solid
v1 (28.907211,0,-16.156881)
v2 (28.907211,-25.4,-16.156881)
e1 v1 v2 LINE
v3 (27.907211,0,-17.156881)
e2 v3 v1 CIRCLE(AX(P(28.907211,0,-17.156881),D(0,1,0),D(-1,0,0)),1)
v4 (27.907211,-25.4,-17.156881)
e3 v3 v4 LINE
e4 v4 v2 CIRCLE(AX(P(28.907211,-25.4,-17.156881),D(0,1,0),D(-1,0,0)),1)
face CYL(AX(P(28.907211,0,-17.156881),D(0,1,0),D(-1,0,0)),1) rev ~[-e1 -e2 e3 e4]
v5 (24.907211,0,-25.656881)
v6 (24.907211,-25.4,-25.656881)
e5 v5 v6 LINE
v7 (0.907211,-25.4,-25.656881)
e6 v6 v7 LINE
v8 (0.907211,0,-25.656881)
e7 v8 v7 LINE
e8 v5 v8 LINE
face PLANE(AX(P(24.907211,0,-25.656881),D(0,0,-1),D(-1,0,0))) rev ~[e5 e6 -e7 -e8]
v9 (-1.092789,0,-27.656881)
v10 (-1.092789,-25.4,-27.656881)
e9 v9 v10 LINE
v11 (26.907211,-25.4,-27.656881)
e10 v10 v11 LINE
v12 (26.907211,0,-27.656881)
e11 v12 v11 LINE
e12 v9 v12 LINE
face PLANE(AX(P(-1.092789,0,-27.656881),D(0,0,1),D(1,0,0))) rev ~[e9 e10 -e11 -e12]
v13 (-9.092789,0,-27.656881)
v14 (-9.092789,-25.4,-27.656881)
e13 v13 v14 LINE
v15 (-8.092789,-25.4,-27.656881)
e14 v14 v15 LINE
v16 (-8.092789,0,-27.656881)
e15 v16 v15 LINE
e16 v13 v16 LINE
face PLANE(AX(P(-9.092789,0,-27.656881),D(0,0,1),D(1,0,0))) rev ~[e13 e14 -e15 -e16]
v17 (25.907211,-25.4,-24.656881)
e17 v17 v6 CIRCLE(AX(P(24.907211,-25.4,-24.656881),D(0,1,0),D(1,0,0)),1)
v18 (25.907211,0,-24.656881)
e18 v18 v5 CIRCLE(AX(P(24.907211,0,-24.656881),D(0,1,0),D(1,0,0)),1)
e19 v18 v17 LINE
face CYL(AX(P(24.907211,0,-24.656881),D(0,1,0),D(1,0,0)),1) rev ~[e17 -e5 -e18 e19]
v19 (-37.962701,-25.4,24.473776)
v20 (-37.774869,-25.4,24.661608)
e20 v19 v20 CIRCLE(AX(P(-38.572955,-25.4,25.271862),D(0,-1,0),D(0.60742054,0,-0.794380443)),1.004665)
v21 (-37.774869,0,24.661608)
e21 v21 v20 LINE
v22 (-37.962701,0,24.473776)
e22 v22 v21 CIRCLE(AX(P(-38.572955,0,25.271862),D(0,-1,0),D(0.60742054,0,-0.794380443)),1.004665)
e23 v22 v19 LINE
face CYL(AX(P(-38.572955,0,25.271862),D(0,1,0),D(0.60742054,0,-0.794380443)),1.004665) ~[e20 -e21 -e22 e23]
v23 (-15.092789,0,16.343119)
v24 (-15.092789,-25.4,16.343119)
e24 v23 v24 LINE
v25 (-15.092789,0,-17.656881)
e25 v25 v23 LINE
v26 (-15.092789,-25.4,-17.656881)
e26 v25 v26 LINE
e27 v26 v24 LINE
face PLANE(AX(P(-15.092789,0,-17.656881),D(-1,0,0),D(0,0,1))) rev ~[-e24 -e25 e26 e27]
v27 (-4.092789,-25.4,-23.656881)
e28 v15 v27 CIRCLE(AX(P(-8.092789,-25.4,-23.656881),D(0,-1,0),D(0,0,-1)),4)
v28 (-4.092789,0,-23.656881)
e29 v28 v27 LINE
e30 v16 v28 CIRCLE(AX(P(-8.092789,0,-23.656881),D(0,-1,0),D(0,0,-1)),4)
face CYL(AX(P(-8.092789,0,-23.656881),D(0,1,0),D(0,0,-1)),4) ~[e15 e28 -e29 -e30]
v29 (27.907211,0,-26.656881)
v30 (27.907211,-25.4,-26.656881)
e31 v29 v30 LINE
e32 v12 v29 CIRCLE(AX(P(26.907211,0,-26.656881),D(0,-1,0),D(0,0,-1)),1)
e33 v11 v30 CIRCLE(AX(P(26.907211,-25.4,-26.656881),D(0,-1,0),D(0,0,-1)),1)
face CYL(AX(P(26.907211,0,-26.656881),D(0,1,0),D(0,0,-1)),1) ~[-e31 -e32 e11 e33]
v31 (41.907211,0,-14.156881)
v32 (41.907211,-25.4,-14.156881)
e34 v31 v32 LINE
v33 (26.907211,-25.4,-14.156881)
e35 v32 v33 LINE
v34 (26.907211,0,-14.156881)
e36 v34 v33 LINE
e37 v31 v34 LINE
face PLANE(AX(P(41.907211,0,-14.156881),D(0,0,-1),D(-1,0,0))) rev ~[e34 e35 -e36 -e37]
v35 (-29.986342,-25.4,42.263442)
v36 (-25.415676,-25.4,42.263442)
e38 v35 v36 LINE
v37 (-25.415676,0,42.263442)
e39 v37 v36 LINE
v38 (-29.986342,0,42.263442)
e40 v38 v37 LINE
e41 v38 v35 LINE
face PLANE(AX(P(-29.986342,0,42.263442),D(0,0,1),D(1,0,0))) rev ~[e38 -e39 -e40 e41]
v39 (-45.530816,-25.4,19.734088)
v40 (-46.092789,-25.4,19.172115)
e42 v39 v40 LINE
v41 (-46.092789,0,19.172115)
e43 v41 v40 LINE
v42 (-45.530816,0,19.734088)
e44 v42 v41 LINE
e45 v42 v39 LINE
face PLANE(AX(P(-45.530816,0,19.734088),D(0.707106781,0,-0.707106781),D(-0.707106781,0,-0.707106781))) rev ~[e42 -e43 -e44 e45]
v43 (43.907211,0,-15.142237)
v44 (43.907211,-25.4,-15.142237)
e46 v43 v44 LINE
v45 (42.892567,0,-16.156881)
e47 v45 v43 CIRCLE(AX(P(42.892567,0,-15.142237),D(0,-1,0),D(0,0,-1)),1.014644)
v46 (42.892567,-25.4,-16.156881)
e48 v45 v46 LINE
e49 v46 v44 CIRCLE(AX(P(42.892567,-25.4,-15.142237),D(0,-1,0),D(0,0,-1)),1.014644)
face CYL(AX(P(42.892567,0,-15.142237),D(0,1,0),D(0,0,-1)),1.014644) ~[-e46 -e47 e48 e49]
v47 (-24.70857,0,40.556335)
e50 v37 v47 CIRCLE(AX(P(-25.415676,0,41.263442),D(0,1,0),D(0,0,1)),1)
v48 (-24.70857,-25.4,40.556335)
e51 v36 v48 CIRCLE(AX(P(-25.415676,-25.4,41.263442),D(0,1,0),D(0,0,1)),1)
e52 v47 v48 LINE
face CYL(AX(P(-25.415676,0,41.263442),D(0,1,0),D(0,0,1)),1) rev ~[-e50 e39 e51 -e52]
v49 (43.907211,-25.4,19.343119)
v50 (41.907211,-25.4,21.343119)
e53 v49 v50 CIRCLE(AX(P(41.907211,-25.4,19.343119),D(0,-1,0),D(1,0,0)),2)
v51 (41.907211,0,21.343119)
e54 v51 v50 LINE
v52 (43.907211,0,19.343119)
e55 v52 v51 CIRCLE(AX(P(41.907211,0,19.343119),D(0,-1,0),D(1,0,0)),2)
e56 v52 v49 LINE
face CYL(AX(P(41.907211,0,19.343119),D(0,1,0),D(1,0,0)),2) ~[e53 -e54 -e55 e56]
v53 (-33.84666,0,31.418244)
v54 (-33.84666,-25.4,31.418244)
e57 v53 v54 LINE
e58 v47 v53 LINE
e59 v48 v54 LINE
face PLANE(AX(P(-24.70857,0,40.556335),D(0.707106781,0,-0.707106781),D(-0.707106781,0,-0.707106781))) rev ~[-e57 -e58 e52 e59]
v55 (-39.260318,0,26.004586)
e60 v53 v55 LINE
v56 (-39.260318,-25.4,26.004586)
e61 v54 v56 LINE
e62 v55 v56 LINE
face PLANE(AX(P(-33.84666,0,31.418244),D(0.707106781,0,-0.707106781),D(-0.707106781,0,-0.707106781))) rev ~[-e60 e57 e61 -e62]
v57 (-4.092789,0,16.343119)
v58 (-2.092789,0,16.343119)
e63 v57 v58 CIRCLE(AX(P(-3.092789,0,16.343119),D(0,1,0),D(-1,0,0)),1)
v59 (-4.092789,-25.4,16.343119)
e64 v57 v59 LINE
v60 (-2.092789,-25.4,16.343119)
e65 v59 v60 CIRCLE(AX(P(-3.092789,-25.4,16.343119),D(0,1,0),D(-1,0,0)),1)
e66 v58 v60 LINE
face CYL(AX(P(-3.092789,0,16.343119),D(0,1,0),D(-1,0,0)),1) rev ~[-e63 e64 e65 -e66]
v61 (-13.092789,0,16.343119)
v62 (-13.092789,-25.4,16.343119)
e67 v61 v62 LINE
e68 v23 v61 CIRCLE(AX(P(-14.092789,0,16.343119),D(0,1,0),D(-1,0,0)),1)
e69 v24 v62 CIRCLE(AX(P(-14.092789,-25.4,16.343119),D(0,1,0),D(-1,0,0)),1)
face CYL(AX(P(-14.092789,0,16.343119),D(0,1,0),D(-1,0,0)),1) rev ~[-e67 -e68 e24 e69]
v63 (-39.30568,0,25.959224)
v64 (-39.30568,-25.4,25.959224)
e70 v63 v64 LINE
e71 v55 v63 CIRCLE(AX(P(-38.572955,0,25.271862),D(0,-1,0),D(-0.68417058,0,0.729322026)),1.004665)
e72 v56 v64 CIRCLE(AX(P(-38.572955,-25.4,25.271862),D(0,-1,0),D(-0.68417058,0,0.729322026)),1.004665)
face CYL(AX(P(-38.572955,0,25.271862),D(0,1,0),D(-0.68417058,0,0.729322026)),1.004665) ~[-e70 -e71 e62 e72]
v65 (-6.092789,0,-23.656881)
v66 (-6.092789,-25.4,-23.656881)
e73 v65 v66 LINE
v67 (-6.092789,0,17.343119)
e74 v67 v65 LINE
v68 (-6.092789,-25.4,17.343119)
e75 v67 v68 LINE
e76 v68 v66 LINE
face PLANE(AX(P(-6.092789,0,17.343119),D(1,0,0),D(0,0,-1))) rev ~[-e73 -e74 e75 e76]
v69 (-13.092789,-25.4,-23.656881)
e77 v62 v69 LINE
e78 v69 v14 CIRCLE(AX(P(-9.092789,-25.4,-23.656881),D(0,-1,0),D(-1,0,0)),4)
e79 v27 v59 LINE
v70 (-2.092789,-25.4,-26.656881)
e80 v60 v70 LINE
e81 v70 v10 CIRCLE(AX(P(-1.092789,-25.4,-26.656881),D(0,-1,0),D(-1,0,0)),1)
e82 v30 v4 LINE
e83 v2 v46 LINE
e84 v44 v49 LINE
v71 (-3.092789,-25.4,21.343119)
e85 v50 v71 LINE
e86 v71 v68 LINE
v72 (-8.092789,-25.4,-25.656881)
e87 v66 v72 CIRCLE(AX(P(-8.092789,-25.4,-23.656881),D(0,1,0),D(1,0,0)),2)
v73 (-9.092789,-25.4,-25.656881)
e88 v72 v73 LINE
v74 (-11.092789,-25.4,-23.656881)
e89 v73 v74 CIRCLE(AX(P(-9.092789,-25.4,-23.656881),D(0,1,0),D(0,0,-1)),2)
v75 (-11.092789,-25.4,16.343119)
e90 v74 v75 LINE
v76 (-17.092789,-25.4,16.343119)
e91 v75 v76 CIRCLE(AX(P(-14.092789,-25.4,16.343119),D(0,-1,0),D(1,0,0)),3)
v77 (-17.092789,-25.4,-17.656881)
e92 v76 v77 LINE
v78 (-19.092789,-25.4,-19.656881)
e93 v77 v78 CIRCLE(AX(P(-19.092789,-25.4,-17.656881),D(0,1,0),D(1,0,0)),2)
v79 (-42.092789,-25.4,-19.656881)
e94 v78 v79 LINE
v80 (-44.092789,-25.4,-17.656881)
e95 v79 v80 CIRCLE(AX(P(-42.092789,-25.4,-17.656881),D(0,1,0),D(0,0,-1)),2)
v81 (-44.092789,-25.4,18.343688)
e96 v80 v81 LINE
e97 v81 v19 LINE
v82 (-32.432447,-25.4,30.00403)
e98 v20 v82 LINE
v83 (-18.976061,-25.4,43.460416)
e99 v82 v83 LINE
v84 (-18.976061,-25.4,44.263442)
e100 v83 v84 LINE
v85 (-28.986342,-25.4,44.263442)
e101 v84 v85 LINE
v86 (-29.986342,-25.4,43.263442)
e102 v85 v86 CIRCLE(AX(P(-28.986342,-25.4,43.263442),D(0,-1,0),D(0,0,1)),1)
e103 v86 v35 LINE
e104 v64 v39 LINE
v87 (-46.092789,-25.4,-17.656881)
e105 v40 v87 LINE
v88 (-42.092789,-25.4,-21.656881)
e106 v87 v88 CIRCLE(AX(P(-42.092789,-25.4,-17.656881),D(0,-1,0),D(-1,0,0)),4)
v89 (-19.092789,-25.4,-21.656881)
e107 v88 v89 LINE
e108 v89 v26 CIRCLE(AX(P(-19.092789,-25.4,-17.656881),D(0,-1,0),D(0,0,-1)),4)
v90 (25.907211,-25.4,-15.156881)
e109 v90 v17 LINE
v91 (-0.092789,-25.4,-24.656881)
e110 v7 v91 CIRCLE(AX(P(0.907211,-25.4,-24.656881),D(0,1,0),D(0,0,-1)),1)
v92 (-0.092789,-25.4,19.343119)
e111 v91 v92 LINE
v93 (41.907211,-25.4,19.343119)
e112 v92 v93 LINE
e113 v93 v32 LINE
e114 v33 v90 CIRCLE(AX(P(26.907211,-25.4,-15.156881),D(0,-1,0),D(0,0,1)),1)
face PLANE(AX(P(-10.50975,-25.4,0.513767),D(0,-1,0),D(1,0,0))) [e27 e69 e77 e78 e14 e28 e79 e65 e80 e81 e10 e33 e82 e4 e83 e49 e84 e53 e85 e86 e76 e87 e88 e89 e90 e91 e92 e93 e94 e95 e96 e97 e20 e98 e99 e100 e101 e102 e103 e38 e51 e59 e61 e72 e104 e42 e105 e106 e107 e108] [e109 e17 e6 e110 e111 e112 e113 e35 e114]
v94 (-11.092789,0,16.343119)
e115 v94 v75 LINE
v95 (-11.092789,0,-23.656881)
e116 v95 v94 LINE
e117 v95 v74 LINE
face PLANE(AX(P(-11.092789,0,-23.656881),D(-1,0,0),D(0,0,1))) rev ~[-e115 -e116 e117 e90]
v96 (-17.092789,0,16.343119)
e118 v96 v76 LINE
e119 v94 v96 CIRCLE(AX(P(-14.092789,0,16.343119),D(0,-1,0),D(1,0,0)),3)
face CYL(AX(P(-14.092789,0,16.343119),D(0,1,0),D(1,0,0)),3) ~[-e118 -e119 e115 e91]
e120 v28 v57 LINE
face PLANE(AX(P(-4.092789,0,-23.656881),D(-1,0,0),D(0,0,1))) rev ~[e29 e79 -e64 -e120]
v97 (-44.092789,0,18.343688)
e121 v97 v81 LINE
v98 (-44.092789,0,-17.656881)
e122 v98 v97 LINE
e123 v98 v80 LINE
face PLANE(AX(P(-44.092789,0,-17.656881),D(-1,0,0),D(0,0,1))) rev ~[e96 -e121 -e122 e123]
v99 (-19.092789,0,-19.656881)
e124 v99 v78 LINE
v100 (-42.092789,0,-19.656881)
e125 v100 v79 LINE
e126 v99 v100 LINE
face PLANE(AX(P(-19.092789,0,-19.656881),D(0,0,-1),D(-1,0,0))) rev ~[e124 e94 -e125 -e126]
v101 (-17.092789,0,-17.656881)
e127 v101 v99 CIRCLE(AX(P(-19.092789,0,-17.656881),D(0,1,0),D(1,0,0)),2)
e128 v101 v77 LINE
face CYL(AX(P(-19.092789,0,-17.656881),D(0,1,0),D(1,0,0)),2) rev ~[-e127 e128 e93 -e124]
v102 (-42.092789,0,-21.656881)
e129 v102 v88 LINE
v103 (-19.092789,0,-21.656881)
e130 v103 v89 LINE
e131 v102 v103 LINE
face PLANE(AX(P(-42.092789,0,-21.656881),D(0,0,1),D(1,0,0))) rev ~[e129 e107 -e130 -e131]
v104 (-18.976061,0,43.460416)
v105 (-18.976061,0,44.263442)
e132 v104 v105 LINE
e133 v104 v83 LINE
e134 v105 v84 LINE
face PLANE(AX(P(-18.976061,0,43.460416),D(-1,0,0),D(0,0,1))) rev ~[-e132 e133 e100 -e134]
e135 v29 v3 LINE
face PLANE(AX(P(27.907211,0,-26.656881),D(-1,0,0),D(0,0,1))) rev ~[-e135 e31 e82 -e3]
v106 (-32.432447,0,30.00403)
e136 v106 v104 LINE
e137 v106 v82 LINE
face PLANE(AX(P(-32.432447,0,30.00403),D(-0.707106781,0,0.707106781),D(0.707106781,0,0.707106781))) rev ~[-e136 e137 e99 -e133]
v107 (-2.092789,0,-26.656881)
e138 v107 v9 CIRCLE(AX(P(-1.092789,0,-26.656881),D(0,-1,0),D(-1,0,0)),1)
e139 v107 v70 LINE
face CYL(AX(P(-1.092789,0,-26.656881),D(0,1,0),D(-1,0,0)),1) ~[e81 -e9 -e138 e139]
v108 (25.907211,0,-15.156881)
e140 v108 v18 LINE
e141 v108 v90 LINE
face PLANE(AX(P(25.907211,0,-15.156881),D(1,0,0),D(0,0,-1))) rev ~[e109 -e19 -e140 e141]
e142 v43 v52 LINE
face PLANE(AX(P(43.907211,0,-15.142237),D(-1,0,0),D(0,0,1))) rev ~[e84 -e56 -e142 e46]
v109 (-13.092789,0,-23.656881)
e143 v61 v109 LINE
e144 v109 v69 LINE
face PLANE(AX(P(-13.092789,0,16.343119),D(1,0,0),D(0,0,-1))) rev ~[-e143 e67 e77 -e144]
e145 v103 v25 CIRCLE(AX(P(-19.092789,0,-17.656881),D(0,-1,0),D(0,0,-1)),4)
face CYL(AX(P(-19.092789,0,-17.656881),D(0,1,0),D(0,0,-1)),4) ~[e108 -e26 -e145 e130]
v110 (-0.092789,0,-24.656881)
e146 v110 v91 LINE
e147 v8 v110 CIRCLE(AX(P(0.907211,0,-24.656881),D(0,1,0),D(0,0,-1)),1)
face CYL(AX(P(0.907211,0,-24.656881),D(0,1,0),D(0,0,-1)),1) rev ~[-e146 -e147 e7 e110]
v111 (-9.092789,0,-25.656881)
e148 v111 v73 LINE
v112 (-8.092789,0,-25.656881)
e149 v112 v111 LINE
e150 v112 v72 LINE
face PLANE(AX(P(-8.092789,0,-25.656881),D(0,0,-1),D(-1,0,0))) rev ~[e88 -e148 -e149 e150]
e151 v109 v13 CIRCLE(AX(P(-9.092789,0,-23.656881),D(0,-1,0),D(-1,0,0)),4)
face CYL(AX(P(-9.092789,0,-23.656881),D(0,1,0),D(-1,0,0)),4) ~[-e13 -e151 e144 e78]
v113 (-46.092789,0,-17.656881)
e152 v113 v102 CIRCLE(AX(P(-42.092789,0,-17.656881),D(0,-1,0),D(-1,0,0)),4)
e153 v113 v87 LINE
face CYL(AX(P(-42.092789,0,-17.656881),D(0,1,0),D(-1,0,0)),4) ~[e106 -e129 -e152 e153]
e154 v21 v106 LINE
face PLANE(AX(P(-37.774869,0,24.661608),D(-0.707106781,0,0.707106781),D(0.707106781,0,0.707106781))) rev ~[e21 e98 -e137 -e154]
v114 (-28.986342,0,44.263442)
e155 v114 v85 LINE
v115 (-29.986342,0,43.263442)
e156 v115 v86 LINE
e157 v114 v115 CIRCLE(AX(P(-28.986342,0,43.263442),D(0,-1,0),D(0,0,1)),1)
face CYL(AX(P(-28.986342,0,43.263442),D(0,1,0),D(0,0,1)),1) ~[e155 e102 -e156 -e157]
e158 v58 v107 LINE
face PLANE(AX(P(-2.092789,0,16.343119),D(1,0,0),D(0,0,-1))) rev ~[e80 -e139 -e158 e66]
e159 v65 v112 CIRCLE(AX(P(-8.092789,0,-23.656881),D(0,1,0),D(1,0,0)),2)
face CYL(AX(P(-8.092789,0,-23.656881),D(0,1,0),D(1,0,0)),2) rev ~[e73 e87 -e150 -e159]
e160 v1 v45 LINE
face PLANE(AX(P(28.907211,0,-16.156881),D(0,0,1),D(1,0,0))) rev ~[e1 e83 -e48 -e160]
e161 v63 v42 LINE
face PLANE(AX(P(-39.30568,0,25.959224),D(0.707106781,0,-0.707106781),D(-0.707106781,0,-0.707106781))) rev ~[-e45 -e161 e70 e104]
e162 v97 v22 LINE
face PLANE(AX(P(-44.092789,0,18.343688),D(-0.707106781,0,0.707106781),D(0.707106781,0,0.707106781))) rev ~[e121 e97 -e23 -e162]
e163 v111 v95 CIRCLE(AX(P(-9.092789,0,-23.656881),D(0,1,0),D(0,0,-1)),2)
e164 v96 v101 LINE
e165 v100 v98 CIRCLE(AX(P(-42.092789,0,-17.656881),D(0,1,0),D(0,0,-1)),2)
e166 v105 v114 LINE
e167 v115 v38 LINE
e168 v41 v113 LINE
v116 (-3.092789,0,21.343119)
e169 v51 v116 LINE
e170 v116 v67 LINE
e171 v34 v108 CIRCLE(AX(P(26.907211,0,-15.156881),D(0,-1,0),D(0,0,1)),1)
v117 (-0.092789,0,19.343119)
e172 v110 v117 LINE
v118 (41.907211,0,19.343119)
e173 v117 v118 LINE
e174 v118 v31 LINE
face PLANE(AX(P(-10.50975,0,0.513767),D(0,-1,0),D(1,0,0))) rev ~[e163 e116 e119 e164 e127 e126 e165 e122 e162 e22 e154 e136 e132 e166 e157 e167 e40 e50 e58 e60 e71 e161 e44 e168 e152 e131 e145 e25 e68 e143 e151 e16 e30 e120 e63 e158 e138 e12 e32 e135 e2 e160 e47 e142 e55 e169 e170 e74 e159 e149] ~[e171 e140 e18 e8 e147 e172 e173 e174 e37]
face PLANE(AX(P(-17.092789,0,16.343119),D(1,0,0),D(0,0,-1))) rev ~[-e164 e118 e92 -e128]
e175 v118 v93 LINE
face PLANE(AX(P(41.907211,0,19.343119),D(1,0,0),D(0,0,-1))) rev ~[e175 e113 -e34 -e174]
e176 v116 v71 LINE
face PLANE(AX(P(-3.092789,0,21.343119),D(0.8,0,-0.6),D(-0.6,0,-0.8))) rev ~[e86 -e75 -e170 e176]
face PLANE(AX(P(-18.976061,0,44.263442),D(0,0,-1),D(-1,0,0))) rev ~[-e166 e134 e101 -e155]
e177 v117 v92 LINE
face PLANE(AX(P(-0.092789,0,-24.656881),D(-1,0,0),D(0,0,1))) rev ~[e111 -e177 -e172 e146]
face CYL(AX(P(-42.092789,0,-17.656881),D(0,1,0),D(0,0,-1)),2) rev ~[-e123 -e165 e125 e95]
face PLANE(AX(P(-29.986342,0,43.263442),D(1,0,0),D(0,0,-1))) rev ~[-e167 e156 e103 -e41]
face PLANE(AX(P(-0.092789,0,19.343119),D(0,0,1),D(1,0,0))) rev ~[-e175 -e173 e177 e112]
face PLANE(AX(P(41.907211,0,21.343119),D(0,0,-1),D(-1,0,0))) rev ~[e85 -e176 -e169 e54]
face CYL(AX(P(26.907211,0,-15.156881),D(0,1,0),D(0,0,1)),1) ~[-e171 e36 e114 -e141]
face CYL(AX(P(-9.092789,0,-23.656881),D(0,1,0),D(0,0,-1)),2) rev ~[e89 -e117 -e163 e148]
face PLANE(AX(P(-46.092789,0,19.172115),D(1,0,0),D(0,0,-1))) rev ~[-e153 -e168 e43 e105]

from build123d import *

# Parameters (mm, degrees)
F1_DEPTH = 25.4


with BuildPart() as f1:
    # F0 (on Front) → F1 (new body)
    with BuildSketch(Plane.XZ):
        with BuildLine():
            Line((-44.0927888853, -17.6568811615), (-44.0927888853, 16.3431188385))
            Line((-44.0927888853, 16.3431188385), (-44.0927888853, 18.3436882551))
            Line((-44.0927888853, 18.3436882551), (-37.9627012969, 24.4737758435))
            Line((-37.9627012969, 24.4737758435), (-37.7748692128, 24.6616079276))
            Line((-37.7748692128, 24.6616079276), (-32.4324467604, 30.0040303801))
            Line((-32.4324467604, 30.0040303801), (-18.976061375, 43.4604157654))
            Line((-18.976061375, 43.4604157654), (-18.976061375, 44.2634415021))
            Line((-18.976061375, 44.2634415021), (-19.0625148798, 44.2634415021))
            Line((-19.0625148798, 44.2634415021), (-21.0014627631, 44.2634415021))
            Line((-21.0014627631, 44.2634415021), (-28.9863417698, 44.2634415021))
            ThreePointArc((-28.9863417698, 44.2634415021), (-29.6934485509, 43.9705482833), (-29.9863417698, 43.2634415021))
            Line((-29.9863417698, 43.2634415021), (-29.9863417698, 42.2634415021))
            Line((-29.9863417698, 42.2634415021), (-25.4156763255, 42.2634415021))
            ThreePointArc((-25.4156763255, 42.2634415021), (-24.491796793, 41.6461249344), (-24.7085695443, 40.5563347209))
            Line((-24.7085695443, 40.5563347209), (-33.8466603227, 31.4182439424))
            Line((-33.8466603227, 31.4182439424), (-39.2603177763, 26.0045864889))
            Line((-39.2603177763, 26.0045864889), (-39.3056798582, 25.959224407))
            Line((-39.3056798582, 25.959224407), (-45.5308161284, 19.7340881367))
            Line((-45.5308161284, 19.7340881367), (-46.0927888853, 19.1721153799))
            Line((-46.0927888853, 19.1721153799), (-46.0927888853, 18.3436882551))
            Line((-46.0927888853, 18.3436882551), (-46.0927888853, 16.3436882551))
            Line((-46.0927888853, 16.3436882551), (-46.0927888853, -17.6568811615))
            ThreePointArc((-46.0927888853, -17.6568811615), (-44.92121601, -20.4853082863), (-42.0927888853, -21.6568811615))
            Line((-42.0927888853, -21.6568811615), (-19.0927888853, -21.6568811615))
            ThreePointArc((-19.0927888853, -21.6568811615), (-16.2643617606, -20.4853082863), (-15.0927888853, -17.6568811615))
            Line((-15.0927888853, -17.6568811615), (-15.0927888853, 16.3431188385))
            ThreePointArc((-15.0927888853, 16.3431188385), (-14.0927888853, 17.3431188385), (-13.0927888853, 16.3431188385))
            Line((-13.0927888853, 16.3431188385), (-13.0927888853, -23.6568811615))
            ThreePointArc((-13.0927888853, -23.6568811615), (-11.92121601, -26.4853082863), (-9.0927888853, -27.6568811615))
            Line((-9.0927888853, -27.6568811615), (-8.0927888853, -27.6568811615))
            ThreePointArc((-8.0927888853, -27.6568811615), (-5.2643617606, -26.4853082863), (-4.0927888853, -23.6568811615))
            Line((-4.0927888853, -23.6568811615), (-4.0927888853, 16.3431188385))
            ThreePointArc((-4.0927888853, 16.3431188385), (-3.0927888853, 17.3431188385), (-2.0927888853, 16.3431188385))
            Line((-2.0927888853, 16.3431188385), (-2.0927888853, -25.6568811615))
            Line((-2.0927888853, -25.6568811615), (-2.0927888853, -26.6568811615))
            ThreePointArc((-2.0927888853, -26.6568811615), (-1.7998956665, -27.3639879427), (-1.0927888853, -27.6568811615))
            Line((-1.0927888853, -27.6568811615), (26.9072111147, -27.6568811615))
            ThreePointArc((26.9072111147, -27.6568811615), (27.6143178959, -27.3639879427), (27.9072111147, -26.6568811615))
            Line((27.9072111147, -26.6568811615), (27.9072111147, -25.6568811615))
            Line((27.9072111147, -25.6568811615), (27.9072111147, -17.1568811615))
            ThreePointArc((27.9072111147, -17.1568811615), (28.2001043335, -16.4497743804), (28.9072111147, -16.1568811615))
            Line((28.9072111147, -16.1568811615), (42.8925667579, -16.1568811615))
            ThreePointArc((42.8925667579, -16.1568811615), (43.6100286631, -15.8596987099), (43.9072111147, -15.1422368047))
            Line((43.9072111147, -15.1422368047), (43.9072111147, -14.1568811615))
            Line((43.9072111147, -14.1568811615), (43.9072111147, 6.5842248718))
            Line((43.9072111147, 6.5842248718), (43.9072111147, 15.921769313))
            Line((43.9072111147, 15.921769313), (43.9072111147, 19.3431188385))
            ThreePointArc((43.9072111147, 19.3431188385), (43.3214246771, 20.7573324008), (41.9072111147, 21.3431188385))
            Line((41.9072111147, 21.3431188385), (36.2067359435, 21.3431188385))
            Line((36.2067359435, 21.3431188385), (-3.0927888853, 21.3431188385))
            Line((-3.0927888853, 21.3431188385), (-6.0927888853, 17.3431188385))
            Line((-6.0927888853, 17.3431188385), (-6.0927888853, 16.3431188385))
            Line((-6.0927888853, 16.3431188385), (-6.0927888853, 14.51957377))
            Line((-6.0927888853, 14.51957377), (-6.0927888853, -23.6568811615))
            ThreePointArc((-6.0927888853, -23.6568811615), (-6.6785753229, -25.0710947239), (-8.0927888853, -25.6568811615))
            Line((-8.0927888853, -25.6568811615), (-9.0927888853, -25.6568811615))
            ThreePointArc((-9.0927888853, -25.6568811615), (-10.5070024477, -25.0710947239), (-11.0927888853, -23.6568811615))
            Line((-11.0927888853, -23.6568811615), (-11.0927888853, 16.3431188385))
            ThreePointArc((-11.0927888853, 16.3431188385), (-14.0927888853, 19.3431188385), (-17.0927888853, 16.3431188385))
            Line((-17.0927888853, 16.3431188385), (-17.0927888853, -17.6568811615))
            ThreePointArc((-17.0927888853, -17.6568811615), (-17.6785753229, -19.0710947239), (-19.0927888853, -19.6568811615))
            Line((-19.0927888853, -19.6568811615), (-42.0927888853, -19.6568811615))
            ThreePointArc((-42.0927888853, -19.6568811615), (-43.5070024477, -19.0710947239), (-44.0927888853, -17.6568811615))
        make_face()
        with BuildLine():
            Line((-0.0927888853, -24.6568811615), (-0.0927888853, 16.3431188385))
            Line((-0.0927888853, 16.3431188385), (-0.0927888853, 18.2873376789))
            Line((-0.0927888853, 18.2873376789), (-0.0927888853, 19.3431188385))
            Line((-0.0927888853, 19.3431188385), (0.0836735601, 19.3431188385))
            Line((0.0836735601, 19.3431188385), (41.9072111147, 19.3431188385))
            Line((41.9072111147, 19.3431188385), (41.9072111147, 18.3431188385))
            Line((41.9072111147, 18.3431188385), (41.9072111147, 15.921769313))
            Line((41.9072111147, 15.921769313), (41.9072111147, -8.4106422742))
            Line((41.9072111147, -8.4106422742), (41.9072111147, -14.1568811615))
            Line((41.9072111147, -14.1568811615), (26.9072111147, -14.1568811615))
            ThreePointArc((26.9072111147, -14.1568811615), (26.2001043335, -14.4497743804), (25.9072111147, -15.1568811615))
            Line((25.9072111147, -15.1568811615), (25.9072111147, -24.6568811615))
            ThreePointArc((25.9072111147, -24.6568811615), (25.6143178959, -25.3639879427), (24.9072111147, -25.6568811615))
            Line((24.9072111147, -25.6568811615), (0.9072111147, -25.6568811615))
            ThreePointArc((0.9072111147, -25.6568811615), (0.2001043335, -25.3639879427), (-0.0927888853, -24.6568811615))
        make_face(mode=Mode.SUBTRACT)
        with BuildLine():
            Line((-37.7748692128, 24.6616079276), (-37.9627012969, 24.4737758435))
            ThreePointArc((-37.9627012969, 24.4737758435), (-37.8625500121, 24.5614566429), (-37.7748692128, 24.6616079276))
        make_face()
        with BuildLine():
            Line((-39.3056798582, 25.959224407), (-39.2603177763, 26.0045864889))
            ThreePointArc((-39.2603177763, 26.0045864889), (-39.2833609771, 25.9822676079), (-39.3056798582, 25.959224407))
        make_face()
    extrude(amount=F1_DEPTH)


solid = f1.part
